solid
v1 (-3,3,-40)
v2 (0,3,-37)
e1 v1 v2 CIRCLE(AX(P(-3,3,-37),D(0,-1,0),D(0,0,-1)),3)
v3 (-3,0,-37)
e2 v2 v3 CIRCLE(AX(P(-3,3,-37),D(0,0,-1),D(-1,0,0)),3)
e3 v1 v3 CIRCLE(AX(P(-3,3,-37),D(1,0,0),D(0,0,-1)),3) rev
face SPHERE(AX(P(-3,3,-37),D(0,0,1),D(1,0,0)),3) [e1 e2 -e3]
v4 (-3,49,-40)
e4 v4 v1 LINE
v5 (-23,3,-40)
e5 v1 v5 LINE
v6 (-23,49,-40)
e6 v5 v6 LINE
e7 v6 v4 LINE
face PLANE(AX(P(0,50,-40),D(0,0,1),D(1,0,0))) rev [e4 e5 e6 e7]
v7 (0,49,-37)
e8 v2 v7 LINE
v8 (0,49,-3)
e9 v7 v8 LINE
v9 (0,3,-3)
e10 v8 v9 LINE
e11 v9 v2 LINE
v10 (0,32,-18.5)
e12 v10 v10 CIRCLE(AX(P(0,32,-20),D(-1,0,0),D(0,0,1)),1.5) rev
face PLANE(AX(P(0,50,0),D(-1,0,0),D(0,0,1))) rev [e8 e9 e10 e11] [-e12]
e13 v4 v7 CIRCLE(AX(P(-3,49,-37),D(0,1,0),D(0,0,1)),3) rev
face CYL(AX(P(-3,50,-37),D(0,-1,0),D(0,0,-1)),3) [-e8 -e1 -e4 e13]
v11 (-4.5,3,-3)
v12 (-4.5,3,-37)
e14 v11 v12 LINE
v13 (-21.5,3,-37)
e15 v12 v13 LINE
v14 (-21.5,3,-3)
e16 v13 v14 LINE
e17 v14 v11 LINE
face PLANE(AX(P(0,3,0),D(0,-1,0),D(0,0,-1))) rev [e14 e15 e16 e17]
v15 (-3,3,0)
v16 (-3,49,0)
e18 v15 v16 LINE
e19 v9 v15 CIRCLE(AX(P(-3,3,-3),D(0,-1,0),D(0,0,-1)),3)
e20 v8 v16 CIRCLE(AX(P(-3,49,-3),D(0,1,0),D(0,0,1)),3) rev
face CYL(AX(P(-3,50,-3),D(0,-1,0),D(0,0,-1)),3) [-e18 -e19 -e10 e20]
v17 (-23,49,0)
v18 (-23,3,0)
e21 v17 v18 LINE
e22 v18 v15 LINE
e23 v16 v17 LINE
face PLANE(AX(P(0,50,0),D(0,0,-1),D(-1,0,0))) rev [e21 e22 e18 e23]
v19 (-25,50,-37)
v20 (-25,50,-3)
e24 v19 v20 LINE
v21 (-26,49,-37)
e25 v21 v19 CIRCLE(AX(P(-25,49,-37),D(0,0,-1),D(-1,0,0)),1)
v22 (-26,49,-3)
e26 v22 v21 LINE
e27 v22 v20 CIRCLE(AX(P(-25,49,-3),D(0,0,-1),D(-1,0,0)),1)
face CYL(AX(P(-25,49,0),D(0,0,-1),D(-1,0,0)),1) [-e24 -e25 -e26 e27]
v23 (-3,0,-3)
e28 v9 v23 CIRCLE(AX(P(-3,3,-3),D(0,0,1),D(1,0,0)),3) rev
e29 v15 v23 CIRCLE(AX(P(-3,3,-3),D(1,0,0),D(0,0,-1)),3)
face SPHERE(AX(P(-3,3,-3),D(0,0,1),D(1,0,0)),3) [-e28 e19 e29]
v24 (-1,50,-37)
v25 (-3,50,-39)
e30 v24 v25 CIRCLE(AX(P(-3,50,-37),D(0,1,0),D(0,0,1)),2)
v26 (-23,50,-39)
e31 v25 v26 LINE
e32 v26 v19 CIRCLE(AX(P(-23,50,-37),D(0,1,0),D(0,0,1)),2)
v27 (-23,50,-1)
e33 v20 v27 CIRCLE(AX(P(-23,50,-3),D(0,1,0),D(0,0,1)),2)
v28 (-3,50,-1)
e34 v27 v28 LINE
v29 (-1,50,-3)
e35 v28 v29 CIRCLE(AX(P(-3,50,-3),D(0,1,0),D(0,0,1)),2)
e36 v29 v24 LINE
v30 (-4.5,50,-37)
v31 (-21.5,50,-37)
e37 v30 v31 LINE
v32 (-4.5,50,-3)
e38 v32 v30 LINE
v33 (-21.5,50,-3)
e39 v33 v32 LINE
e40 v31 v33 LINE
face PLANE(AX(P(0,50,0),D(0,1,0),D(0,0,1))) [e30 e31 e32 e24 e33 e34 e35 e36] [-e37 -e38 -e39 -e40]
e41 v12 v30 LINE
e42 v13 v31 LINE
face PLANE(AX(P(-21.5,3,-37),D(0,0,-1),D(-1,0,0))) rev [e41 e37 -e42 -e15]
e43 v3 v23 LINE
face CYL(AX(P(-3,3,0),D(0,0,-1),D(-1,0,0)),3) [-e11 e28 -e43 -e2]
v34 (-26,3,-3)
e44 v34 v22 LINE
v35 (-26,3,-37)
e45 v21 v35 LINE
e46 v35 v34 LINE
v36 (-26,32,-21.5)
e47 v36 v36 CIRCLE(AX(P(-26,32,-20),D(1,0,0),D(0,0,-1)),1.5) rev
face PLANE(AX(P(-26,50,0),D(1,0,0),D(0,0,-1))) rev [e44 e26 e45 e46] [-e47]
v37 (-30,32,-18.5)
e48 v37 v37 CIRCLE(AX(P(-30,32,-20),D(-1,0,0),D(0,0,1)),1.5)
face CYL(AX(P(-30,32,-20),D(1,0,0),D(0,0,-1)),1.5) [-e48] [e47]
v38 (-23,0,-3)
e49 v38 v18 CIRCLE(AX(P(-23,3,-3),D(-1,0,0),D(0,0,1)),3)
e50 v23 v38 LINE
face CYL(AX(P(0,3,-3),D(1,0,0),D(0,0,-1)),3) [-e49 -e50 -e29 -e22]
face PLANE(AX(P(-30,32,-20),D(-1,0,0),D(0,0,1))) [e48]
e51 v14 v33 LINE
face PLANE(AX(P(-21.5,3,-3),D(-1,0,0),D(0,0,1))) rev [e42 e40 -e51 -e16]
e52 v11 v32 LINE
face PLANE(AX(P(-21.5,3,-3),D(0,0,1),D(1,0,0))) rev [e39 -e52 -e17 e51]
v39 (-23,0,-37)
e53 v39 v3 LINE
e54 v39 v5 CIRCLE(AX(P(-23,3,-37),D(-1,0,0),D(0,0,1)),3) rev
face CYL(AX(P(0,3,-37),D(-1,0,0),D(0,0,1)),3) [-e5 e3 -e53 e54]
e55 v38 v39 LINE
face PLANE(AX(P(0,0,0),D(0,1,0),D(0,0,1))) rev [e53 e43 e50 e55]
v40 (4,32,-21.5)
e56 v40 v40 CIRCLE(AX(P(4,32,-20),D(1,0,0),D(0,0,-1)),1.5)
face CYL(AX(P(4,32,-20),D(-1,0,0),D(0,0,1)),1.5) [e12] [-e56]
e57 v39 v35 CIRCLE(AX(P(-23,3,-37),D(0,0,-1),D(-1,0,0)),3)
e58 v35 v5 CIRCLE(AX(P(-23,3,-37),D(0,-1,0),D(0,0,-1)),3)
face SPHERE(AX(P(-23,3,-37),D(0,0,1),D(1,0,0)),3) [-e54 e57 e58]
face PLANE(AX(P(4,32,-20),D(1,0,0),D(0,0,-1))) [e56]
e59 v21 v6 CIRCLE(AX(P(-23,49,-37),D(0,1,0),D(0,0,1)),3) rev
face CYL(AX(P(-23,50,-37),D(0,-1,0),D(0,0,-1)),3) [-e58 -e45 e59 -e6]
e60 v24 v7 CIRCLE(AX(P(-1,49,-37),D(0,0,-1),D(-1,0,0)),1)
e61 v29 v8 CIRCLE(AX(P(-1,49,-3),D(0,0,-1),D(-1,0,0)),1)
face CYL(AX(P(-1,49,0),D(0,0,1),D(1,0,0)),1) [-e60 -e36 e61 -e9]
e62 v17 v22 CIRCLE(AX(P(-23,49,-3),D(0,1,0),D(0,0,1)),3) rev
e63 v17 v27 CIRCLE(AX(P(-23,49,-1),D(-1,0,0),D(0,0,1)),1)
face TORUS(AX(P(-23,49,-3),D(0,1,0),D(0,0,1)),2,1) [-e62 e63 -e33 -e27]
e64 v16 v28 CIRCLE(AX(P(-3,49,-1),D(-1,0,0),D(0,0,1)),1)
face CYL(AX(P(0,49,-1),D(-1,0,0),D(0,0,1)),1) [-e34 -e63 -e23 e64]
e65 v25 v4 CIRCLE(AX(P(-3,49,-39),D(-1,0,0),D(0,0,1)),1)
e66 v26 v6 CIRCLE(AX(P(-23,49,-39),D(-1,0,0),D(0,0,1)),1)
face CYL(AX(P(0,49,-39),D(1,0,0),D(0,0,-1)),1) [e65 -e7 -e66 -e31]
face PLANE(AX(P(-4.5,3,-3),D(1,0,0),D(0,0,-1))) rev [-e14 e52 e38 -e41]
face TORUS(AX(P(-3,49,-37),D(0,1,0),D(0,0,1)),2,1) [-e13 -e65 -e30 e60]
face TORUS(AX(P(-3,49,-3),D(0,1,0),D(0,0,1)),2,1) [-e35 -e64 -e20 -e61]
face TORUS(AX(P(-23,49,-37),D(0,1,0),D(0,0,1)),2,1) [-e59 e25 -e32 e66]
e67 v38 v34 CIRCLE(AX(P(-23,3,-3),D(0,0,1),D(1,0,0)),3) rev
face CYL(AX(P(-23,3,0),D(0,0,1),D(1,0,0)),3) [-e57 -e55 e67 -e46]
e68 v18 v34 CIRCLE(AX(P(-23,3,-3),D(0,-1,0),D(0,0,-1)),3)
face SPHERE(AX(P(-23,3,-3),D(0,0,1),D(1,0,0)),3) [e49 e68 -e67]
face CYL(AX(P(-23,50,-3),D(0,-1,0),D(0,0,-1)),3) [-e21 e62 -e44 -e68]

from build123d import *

# Parameters (mm, degrees)
CROQUIS1_W              = 26
CROQUIS1_H              = 40
SALIENTE_EXTRUIR1_DEPTH = 50
CROQUIS2_W              = 17
CROQUIS2_H              = 34
CORTAR_EXTRUIR1_DEPTH   = 47
REDONDEO1_R             = 3
REDONDEO2_R             = 1
CROQUIS4_R              = 1.5
SALIENTE_EXTRUIR2_DEPTH = 4
SALIENTE_EXTRUIR3_START = 4
CROQUIS5_R              = 1.5
SALIENTE_EXTRUIR3_DEPTH = 4


with BuildPart() as part:
    # Croquis1 → Saliente-Extruir1 (new body)
    with BuildSketch(Plane(origin=(0, 0, 0), x_dir=(1, 0, 0), z_dir=(0, 1, 0))):
        with Locations((-13, 20)):
            Rectangle(CROQUIS1_W, CROQUIS1_H)
    extrude(amount=SALIENTE_EXTRUIR1_DEPTH)

    # Croquis2 → Cortar-Extruir1 (cut)
    with BuildSketch(Plane(origin=(0, 50, 0), x_dir=(1, 0, 0), z_dir=(0, 1, 0))):
        with Locations((-13, 20)):
            Rectangle(CROQUIS2_W, CROQUIS2_H)
    extrude(amount=-CORTAR_EXTRUIR1_DEPTH, mode=Mode.SUBTRACT)

    # Redondeo1
    redondeo1_edges = [part.edges().sort_by_distance(p)[0] for p in [
        (-13, 0, 0),
        (-26, 0, -20),
        (-13, 0, -40),
        (0, 0, -20),
        (0, 25, 0),
        (-26, 25, 0),
        (-26, 25, -40),
        (0, 25, -40),
    ]]
    fillet(redondeo1_edges, radius=REDONDEO1_R)

    # Redondeo2
    redondeo2_edges = [part.edges().sort_by_distance(p)[0] for p in [
        (-13, 50, -40),
        (-26, 50, -20),
        (-13, 50, 0),
        (0, 50, -20),
        (-25.121320344, 50, -0.878679656),
        (-0.878679656, 50, -0.878679656),
        (-0.878679656, 50, -39.121320344),
        (-25.121320344, 50, -39.121320344),
    ]]
    fillet(redondeo2_edges, radius=REDONDEO2_R)

    # Croquis4 → Saliente-Extruir2 (add)
    with BuildSketch(Plane.ZY.offset(26)):
        with Locations(Location((-20, 32, 0), (0, 0, 180))):
            Circle(CROQUIS4_R)
    extrude(amount=SALIENTE_EXTRUIR2_DEPTH)

    # Croquis5 → Saliente-Extruir3 (add)
    with BuildSketch(Plane(origin=(0, 0, 0), x_dir=(0, 0, -1), z_dir=(1, 0, 0)).offset(SALIENTE_EXTRUIR3_START)):
        with Locations((20, 32)):
            Circle(CROQUIS5_R)
    extrude(amount=-SALIENTE_EXTRUIR3_DEPTH)


solid = part.part
